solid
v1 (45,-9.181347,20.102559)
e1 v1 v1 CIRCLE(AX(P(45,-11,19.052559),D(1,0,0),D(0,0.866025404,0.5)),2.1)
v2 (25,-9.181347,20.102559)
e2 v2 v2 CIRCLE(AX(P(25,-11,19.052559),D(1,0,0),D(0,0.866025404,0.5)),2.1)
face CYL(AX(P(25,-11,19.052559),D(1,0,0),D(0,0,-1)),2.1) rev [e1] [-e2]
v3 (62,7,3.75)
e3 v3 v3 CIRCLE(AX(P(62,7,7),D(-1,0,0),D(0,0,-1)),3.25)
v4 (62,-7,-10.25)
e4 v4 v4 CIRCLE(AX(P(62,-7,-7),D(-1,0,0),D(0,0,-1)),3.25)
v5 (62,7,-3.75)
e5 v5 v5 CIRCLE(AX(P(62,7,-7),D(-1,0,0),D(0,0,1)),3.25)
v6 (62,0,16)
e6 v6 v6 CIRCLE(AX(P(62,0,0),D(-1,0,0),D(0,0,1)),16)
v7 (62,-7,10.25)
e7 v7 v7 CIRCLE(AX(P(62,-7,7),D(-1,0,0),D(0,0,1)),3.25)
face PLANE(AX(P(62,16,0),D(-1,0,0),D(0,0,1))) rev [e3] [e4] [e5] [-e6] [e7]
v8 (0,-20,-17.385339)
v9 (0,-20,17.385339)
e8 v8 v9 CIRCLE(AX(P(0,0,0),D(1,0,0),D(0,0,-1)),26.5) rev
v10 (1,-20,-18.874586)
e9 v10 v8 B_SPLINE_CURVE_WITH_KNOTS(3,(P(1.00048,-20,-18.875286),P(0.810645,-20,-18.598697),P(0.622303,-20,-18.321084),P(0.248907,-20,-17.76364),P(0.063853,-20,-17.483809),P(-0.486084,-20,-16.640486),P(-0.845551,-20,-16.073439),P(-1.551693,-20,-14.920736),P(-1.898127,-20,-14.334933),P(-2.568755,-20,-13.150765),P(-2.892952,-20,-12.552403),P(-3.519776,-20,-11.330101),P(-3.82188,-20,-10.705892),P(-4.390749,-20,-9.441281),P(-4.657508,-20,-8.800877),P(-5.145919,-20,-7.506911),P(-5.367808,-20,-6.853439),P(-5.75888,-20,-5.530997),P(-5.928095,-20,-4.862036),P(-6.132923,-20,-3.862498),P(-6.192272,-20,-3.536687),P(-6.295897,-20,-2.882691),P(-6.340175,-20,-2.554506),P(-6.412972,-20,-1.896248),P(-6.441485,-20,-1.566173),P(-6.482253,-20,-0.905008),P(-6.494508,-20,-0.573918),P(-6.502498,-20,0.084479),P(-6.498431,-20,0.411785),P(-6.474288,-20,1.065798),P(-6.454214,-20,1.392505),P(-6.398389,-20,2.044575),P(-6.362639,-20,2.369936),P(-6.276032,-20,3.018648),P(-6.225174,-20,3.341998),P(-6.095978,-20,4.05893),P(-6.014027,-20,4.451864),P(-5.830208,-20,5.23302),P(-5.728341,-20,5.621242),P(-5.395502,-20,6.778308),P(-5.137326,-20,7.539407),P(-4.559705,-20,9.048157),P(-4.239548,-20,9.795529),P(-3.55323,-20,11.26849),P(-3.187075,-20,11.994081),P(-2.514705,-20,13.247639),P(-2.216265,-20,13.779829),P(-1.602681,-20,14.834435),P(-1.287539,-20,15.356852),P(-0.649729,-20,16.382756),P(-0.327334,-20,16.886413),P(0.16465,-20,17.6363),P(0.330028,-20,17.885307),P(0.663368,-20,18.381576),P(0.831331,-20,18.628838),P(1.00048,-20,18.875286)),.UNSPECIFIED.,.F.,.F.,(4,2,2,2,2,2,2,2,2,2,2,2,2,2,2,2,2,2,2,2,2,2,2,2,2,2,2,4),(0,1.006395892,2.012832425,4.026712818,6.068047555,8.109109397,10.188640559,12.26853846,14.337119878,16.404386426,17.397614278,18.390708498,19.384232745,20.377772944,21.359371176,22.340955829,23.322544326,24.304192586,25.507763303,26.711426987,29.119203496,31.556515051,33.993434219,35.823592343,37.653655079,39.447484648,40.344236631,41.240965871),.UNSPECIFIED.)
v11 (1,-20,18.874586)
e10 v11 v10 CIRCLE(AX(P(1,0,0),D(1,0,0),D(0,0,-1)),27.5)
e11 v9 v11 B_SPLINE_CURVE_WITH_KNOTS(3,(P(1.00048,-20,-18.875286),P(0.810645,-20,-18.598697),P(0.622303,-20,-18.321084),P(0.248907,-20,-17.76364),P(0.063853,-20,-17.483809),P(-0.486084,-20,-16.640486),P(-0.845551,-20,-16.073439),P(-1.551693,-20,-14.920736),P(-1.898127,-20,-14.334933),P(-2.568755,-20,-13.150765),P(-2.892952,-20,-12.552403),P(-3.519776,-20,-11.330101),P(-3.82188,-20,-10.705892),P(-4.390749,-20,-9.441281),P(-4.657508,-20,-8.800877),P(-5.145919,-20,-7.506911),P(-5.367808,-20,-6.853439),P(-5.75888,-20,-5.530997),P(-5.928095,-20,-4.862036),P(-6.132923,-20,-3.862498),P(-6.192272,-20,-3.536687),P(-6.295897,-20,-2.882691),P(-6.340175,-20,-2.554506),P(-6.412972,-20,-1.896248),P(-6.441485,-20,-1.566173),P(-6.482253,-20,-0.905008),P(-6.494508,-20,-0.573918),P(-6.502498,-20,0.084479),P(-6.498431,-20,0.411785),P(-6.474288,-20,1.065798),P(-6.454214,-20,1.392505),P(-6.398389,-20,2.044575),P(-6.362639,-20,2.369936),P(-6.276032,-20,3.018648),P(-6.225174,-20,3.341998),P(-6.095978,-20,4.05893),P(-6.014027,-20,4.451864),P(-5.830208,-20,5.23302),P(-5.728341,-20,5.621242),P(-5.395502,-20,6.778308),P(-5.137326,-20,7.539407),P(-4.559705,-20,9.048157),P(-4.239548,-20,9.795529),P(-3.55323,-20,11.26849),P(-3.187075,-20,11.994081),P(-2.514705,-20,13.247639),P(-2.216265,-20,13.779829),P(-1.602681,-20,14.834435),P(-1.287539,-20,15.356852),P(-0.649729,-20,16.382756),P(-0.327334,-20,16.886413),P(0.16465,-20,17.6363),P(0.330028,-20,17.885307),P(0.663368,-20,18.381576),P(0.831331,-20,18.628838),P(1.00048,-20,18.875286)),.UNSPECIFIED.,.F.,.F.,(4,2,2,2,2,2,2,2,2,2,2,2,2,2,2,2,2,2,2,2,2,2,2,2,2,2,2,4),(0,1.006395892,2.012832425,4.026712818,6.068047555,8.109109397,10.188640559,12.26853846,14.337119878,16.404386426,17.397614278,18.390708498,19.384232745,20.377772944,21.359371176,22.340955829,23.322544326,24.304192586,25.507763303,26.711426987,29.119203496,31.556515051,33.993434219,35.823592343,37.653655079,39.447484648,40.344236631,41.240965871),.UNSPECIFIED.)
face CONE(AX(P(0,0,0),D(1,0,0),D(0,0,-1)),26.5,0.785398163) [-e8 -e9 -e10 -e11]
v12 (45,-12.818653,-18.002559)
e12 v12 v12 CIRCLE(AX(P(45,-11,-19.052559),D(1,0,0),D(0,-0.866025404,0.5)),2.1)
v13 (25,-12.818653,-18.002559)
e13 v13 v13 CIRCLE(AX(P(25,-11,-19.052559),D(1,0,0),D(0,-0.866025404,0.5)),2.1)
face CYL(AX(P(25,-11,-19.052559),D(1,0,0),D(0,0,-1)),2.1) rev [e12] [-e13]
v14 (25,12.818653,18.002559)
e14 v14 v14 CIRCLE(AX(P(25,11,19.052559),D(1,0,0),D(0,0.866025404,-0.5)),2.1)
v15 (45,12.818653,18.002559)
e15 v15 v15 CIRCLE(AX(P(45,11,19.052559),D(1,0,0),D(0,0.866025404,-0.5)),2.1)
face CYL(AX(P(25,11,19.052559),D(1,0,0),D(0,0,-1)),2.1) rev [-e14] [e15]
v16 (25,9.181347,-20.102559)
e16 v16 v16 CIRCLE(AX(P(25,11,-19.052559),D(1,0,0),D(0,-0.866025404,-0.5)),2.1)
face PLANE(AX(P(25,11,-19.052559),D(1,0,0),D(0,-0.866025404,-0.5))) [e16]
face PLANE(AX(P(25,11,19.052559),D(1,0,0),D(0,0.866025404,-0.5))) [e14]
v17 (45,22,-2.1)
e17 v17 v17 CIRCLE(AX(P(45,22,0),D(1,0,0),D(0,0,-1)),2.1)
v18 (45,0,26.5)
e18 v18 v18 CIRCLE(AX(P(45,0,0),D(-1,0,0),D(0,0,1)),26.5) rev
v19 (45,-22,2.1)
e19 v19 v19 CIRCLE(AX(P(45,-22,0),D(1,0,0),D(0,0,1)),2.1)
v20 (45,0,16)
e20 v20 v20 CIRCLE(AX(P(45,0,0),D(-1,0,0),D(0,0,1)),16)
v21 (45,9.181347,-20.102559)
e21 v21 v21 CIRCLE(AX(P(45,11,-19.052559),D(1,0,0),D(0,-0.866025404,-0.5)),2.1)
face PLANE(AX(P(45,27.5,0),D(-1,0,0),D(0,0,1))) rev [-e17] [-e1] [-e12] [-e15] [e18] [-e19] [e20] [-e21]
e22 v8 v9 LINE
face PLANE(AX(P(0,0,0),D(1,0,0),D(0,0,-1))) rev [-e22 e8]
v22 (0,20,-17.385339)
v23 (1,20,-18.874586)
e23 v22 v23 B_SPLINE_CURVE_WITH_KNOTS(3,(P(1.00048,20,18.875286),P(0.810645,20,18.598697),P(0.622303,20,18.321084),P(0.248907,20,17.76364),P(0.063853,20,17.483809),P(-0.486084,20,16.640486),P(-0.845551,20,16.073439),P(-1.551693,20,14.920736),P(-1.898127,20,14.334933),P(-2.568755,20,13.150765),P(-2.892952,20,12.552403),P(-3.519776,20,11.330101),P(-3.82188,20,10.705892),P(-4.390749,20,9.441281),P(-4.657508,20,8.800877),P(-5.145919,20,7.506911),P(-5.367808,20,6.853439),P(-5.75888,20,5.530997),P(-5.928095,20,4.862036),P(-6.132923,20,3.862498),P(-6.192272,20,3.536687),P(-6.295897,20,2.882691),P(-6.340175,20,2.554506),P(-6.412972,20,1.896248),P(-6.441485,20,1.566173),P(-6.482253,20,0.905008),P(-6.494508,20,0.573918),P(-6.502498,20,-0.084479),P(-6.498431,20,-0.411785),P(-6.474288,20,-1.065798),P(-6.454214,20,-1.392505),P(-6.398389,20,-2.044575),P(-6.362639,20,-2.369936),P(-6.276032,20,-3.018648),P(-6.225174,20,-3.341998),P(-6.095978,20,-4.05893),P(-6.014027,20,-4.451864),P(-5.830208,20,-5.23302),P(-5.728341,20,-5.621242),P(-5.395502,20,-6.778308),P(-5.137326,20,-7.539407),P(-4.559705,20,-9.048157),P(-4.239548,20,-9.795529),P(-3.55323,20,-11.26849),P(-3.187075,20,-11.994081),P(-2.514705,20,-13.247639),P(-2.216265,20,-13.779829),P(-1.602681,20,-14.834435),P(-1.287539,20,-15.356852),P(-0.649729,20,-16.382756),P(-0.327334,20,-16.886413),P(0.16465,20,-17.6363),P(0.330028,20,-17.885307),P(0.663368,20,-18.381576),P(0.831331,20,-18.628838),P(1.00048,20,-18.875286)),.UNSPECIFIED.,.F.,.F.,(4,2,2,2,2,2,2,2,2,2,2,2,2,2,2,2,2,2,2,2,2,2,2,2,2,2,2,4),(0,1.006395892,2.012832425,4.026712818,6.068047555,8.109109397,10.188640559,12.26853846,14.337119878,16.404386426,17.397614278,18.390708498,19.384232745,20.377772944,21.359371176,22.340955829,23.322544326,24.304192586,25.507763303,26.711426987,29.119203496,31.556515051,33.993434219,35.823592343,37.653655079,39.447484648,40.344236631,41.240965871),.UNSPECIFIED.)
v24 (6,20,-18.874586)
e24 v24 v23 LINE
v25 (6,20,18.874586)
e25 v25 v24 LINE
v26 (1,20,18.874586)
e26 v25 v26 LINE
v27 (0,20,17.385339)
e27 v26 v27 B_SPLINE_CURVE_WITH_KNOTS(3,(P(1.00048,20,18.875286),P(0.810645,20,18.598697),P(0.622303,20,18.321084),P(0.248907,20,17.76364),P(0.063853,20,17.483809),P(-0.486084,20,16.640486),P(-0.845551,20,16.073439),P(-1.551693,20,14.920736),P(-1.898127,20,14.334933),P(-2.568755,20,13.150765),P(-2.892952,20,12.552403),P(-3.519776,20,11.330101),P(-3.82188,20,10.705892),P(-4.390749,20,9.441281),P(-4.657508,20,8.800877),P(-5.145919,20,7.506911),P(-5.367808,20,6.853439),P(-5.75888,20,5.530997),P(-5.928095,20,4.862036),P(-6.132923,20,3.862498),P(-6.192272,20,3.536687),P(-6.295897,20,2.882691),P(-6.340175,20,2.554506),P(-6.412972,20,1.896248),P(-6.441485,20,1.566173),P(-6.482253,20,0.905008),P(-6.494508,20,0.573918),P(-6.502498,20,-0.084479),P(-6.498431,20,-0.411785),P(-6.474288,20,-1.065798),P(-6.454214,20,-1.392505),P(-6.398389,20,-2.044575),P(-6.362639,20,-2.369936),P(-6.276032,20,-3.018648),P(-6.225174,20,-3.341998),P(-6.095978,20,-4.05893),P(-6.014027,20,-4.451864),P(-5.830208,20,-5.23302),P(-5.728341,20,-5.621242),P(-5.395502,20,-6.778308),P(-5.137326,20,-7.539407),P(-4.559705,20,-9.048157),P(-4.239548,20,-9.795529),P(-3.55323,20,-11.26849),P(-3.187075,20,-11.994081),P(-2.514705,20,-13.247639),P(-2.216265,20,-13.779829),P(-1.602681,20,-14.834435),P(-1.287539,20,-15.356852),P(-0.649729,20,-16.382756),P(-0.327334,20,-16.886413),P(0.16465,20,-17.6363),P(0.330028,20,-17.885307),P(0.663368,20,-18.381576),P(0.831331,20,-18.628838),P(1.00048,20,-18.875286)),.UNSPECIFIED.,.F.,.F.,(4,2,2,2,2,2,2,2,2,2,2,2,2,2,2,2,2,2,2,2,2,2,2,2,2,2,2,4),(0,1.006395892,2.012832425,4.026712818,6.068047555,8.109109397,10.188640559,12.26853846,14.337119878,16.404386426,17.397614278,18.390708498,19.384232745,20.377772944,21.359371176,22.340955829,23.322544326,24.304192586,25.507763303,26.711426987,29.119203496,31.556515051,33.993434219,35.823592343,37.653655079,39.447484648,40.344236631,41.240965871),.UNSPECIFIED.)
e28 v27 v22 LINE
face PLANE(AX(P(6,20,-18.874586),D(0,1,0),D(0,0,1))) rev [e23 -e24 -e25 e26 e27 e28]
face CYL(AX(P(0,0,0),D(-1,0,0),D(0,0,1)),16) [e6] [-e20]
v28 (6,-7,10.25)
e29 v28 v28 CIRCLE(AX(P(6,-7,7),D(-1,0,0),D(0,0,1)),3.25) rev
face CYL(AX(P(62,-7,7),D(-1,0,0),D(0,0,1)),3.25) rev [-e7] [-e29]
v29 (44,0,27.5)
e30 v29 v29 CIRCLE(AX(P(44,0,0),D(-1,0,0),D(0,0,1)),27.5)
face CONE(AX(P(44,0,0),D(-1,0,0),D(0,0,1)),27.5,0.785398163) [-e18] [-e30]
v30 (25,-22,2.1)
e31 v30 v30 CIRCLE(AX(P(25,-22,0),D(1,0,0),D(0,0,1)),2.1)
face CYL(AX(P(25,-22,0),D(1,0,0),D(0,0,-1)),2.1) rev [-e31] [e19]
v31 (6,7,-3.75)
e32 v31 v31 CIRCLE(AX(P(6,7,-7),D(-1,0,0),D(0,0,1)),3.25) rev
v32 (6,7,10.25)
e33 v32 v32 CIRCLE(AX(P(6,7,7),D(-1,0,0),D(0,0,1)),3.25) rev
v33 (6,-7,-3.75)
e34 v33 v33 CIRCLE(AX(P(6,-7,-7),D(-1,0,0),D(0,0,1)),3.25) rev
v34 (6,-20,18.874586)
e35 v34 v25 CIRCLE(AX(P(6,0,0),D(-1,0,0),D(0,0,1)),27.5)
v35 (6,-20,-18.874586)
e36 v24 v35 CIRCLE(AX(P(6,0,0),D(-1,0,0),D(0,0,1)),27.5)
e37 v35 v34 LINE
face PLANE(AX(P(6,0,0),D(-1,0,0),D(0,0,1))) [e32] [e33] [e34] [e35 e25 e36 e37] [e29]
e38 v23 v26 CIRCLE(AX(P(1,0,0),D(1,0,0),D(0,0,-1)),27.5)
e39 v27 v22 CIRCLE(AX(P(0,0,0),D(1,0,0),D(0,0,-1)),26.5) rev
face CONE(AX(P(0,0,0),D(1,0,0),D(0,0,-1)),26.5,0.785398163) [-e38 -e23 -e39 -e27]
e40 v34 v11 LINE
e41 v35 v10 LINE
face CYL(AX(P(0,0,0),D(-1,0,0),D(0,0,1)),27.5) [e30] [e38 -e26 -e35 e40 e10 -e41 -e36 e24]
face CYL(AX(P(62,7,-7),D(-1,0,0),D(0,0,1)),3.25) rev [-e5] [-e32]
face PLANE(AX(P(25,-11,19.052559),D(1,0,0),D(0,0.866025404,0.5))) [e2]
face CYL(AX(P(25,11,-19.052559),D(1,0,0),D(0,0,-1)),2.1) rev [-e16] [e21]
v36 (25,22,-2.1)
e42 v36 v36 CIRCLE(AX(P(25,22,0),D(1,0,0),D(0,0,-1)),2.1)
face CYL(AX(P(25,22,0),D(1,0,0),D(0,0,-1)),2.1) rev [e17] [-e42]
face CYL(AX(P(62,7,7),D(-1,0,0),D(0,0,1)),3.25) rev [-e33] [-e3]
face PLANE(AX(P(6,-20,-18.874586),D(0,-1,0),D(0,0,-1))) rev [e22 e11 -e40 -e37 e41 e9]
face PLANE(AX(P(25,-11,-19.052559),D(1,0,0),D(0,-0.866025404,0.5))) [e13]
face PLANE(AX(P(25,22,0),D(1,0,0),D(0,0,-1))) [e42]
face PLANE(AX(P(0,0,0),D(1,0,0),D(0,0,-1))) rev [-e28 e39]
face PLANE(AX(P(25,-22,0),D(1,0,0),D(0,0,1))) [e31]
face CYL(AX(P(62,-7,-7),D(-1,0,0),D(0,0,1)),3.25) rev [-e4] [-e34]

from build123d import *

# Parameters (mm, degrees)
SKETCH2_R          = 3.25
CUT_EXTRUDE1_DEPTH = 74.188113789
SKETCH3_R          = 2.1
CUT_EXTRUDE2_DEPTH = 20
CIRPATTERN1_COUNT  = 6
CHAMFER1_SIZE      = 1
CUT_EXTRUDE3_START = -6
CUT_EXTRUDE3_DEPTH = 6


with BuildPart() as part:
    # Sketch1 → Revolve1 (revolve)
    with BuildSketch(Plane.XY):
        Polygon((0, 0), (0, 27.5), (45, 27.5), (45, 16), (62, 16), (62, 0), align=None)
    revolve(axis=Axis((0, 0, 0), (1, 0, 0)))

    # Sketch2 → Cut-Extrude1 (cut, through all)
    with BuildSketch(Plane.ZY):
        with Locations((-7, 7)):
            Circle(SKETCH2_R)
        with Locations((7, 7)):
            Circle(SKETCH2_R)
        with Locations((7, -7)):
            Circle(SKETCH2_R)
        with Locations((-7, -7)):
            Circle(SKETCH2_R)
    extrude(amount=-CUT_EXTRUDE1_DEPTH, mode=Mode.SUBTRACT)

    # Sketch3 → Cut-Extrude2 (cut)
    with BuildSketch(Plane(origin=(45, 0, 0), x_dir=(0, 0, -1), z_dir=(1, 0, 0))):
        with Locations((0, 22)):
            Circle(SKETCH3_R)
    cut_extrude2 = extrude(amount=-CUT_EXTRUDE2_DEPTH, mode=Mode.SUBTRACT)

    # CirPattern1: Cut-Extrude2 ×6 about axis
    cirpattern1_axis = Axis((45, 0, 0), (-1, 0, 0))
    for i in range(1, CIRPATTERN1_COUNT):
        add(cut_extrude2.rotate(cirpattern1_axis, i * 360 / CIRPATTERN1_COUNT), mode=Mode.SUBTRACT)

    # Chamfer1
    chamfer1_edges = [part.edges().sort_by_distance(p)[0] for p in [
        (0, -27.5, 0),
        (45, -27.5, 0),
        (0, 7, -10.25),
        (0, 7, 3.75),
        (0, -7, 3.75),
        (0, -7, -10.25),
    ]]
    chamfer(chamfer1_edges, length=CHAMFER1_SIZE)

    # Sketch4 → Cut-Extrude3 (cut)
    with BuildSketch(Plane.ZY.offset(CUT_EXTRUDE3_START)):
        with BuildLine():
            Line((-18.874586088, 20), (18.874586088, 20))
            ThreePointArc((18.874586088, 20), (27.5, 0), (18.874586088, -20))
            Line((18.874586088, -20), (-18.874586088, -20))
            ThreePointArc((-18.874586088, -20), (-27.5, 0), (-18.874586088, 20))
        make_face()
    extrude(amount=CUT_EXTRUDE3_DEPTH, mode=Mode.SUBTRACT)


solid = part.part
